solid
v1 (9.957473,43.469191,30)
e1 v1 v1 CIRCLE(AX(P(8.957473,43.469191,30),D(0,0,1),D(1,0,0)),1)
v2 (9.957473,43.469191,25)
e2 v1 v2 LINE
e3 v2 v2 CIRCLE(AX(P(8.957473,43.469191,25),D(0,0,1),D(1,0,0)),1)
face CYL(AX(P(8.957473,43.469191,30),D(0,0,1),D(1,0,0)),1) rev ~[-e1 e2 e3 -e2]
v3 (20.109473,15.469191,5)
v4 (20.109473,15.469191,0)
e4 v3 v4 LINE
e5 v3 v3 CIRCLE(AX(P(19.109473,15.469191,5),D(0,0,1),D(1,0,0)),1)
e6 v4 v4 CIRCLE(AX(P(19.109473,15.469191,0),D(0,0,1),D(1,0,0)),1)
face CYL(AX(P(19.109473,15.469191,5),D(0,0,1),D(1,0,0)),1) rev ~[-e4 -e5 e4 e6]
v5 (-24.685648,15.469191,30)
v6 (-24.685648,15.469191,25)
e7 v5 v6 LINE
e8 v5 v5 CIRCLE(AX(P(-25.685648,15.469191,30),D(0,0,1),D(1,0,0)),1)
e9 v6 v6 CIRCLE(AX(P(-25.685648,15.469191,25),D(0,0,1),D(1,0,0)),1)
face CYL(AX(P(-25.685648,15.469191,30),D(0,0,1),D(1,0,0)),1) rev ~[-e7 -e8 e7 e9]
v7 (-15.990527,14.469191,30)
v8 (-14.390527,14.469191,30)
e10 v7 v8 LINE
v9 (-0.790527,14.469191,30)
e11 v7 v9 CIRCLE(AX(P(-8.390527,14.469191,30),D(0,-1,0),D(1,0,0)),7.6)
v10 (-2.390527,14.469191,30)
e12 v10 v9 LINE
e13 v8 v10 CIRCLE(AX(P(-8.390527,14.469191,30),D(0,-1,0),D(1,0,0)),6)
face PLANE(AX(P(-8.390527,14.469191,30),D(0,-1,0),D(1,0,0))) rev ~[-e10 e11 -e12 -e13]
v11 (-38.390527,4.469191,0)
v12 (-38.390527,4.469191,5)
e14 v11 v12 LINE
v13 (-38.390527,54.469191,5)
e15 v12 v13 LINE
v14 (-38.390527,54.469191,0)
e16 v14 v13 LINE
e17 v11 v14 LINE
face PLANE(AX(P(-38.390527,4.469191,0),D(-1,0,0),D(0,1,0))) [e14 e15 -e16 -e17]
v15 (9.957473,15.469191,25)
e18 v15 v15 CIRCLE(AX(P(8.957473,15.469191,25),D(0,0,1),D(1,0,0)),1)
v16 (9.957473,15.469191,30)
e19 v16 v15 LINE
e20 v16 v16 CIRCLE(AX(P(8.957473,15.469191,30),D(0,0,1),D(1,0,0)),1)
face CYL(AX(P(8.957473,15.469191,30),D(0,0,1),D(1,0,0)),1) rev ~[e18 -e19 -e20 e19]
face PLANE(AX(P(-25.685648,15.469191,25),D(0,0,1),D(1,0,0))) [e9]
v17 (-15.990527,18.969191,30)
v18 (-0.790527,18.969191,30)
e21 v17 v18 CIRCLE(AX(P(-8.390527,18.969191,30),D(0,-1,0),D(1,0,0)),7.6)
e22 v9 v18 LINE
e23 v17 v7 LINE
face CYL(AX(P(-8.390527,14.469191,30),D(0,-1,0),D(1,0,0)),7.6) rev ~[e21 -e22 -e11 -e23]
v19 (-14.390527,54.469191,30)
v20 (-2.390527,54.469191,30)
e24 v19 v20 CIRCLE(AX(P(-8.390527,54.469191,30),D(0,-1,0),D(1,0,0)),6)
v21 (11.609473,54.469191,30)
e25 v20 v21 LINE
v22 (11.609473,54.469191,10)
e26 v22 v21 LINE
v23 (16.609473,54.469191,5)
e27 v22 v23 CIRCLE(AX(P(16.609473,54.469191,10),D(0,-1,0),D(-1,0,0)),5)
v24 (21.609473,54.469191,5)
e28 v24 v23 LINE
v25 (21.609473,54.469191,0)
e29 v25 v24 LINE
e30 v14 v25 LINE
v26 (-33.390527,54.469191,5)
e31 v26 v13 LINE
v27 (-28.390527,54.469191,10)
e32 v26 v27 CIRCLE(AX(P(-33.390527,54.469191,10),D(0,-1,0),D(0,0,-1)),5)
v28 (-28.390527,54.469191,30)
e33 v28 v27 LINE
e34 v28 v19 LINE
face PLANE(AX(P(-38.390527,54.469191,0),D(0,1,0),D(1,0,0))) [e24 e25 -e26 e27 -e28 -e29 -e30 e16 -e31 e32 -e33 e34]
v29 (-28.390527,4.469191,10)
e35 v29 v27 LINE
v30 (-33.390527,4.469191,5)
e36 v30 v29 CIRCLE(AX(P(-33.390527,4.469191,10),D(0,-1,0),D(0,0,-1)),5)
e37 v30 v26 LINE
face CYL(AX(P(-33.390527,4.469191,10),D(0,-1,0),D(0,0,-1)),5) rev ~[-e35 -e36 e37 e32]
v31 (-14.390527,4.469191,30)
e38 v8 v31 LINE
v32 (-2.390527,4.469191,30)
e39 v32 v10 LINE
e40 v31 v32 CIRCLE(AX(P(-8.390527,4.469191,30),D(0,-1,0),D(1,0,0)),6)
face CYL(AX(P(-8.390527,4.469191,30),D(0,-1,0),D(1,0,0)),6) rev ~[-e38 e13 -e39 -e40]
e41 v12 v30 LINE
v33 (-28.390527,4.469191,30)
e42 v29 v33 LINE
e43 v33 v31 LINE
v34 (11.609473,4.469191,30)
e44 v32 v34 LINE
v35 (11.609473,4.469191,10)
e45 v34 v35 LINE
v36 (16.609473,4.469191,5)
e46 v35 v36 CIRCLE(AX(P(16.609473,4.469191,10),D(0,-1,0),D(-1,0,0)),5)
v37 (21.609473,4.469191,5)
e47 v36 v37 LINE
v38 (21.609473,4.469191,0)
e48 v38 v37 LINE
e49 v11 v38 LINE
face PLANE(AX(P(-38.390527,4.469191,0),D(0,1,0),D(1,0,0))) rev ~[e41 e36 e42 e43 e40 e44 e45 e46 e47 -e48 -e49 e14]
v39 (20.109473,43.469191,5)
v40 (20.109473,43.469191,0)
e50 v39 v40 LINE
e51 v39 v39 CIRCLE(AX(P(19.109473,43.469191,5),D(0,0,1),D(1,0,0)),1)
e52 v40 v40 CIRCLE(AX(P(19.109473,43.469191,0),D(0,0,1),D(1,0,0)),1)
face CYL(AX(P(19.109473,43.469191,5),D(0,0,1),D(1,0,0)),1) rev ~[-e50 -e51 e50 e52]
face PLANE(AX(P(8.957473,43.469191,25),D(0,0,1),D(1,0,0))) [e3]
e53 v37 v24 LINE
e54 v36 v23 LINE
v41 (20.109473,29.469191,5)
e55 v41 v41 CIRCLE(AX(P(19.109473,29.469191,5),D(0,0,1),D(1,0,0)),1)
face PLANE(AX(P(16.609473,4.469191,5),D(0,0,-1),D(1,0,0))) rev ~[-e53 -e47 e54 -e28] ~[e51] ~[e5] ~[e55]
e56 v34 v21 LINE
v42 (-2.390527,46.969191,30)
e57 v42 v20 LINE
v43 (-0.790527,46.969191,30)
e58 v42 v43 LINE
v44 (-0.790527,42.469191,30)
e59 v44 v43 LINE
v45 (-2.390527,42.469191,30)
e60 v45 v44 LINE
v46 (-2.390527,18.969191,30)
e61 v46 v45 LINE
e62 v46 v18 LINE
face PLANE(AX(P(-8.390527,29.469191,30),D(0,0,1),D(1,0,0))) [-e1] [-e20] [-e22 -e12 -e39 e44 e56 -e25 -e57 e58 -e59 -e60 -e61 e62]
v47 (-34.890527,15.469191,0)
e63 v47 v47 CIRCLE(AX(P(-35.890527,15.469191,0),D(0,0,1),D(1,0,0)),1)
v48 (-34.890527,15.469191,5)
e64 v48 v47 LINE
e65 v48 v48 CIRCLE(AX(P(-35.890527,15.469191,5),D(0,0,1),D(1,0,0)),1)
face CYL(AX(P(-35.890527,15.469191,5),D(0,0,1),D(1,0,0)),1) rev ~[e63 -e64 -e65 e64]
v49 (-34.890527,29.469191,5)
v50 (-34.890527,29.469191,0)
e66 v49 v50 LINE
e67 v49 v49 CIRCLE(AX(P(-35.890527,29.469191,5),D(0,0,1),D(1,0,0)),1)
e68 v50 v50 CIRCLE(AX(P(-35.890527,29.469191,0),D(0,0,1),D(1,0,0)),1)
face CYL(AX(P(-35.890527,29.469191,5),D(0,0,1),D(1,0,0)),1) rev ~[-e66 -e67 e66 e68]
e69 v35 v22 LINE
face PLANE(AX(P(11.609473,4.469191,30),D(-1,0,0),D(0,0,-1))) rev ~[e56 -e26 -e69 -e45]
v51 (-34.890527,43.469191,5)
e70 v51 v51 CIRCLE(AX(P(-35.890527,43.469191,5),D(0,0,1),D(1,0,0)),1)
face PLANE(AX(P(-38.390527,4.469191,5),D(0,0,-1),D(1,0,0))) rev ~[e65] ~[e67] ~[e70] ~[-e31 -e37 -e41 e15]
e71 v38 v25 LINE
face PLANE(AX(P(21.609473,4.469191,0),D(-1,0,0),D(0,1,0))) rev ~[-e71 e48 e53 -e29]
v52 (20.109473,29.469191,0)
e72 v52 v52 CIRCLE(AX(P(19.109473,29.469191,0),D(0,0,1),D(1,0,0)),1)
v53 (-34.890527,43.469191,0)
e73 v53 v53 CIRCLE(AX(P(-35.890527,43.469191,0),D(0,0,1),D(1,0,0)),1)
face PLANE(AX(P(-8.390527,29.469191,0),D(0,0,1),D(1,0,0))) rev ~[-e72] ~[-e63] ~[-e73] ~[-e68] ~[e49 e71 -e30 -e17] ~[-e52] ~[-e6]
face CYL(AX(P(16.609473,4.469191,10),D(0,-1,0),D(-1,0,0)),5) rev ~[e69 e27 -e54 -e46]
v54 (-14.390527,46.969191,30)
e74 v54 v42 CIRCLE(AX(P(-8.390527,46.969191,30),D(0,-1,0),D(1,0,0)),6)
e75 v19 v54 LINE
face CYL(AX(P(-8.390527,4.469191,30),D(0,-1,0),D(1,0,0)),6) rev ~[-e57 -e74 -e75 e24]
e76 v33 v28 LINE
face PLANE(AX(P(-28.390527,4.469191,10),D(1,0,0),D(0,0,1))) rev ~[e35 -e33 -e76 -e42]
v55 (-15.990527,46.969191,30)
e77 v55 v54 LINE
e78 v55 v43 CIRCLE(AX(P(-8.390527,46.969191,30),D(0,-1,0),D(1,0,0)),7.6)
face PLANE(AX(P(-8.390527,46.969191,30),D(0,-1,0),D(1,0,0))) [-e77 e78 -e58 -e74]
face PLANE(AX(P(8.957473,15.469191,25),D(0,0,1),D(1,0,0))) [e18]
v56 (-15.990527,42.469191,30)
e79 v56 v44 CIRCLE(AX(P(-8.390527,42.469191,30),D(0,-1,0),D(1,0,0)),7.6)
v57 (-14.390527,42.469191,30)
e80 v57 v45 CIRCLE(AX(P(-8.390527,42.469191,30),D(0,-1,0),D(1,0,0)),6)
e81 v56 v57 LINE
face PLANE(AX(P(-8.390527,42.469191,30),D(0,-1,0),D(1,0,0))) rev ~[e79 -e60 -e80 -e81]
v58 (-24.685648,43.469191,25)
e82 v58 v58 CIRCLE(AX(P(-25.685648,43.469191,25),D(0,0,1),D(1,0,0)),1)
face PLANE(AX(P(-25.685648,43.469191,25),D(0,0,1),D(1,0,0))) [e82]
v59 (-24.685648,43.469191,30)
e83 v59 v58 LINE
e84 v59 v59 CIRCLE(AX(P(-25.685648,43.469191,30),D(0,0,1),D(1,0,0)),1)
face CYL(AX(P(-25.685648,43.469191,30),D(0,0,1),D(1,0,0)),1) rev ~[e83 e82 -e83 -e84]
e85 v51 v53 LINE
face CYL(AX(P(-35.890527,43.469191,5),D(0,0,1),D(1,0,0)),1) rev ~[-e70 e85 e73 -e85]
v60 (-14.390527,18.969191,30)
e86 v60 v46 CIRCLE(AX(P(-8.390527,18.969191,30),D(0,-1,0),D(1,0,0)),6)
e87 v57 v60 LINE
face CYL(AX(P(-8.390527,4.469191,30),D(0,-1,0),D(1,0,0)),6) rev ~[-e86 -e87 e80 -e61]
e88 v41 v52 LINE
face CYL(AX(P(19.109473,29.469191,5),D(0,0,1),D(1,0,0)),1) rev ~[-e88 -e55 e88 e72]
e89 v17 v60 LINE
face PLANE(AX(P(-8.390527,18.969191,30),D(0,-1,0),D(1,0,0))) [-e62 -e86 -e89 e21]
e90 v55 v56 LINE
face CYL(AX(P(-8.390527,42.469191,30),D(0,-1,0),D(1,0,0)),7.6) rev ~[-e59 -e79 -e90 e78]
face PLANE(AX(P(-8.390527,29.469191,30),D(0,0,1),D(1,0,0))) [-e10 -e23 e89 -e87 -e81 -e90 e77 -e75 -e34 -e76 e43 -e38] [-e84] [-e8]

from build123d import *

# Parameters (mm, degrees)
F0_W      = 60
F0_H      = 50
F1_DEPTH  = 30
F3_R      = 6
F4_DEPTH  = 90
F6_R      = 7.6
F7_DEPTH  = 4.5
F8_START  = -28
F8_DEPTH  = 4.5
F10_R     = 1
F11_DEPTH = 25
F12_R     = 1
F13_DEPTH = 5


with BuildPart() as f1:
    # F0 (on Top) → F1 (new body)
    with BuildSketch(Plane.XY):
        with Locations((-8.3905272186, 29.4691909945)):
            Rectangle(F0_W, F0_H)
    extrude(amount=F1_DEPTH)

    # F3 (on face) → F4 (cut)
    with BuildSketch(Plane.XZ.offset(-4.4691909945)):
        with Locations((-8.3905272186, 30)):
            Circle(F3_R)
        with BuildLine():
            Line((-28.3905272186, 10), (-28.3905272186, 30))
            Line((-28.3905272186, 30), (-38.3905272186, 30))
            Line((-38.3905272186, 30), (-38.3905272186, 5))
            Line((-38.3905272186, 5), (-33.3905272186, 5))
            ThreePointArc((-33.3905272186, 5), (-29.8549933126, 6.4644660941), (-28.3905272186, 10))
        make_face()
        with BuildLine():
            Line((21.6094727814, 5), (21.6094727814, 30))
            Line((21.6094727814, 30), (11.6094727814, 30))
            Line((11.6094727814, 30), (11.6094727814, 10))
            ThreePointArc((11.6094727814, 10), (13.0739388755, 6.4644660941), (16.6094727814, 5))
            Line((16.6094727814, 5), (21.6094727814, 5))
        make_face()
    extrude(amount=-F4_DEPTH, mode=Mode.SUBTRACT)

    # F6 (on offset) → F7 (cut)
    with BuildSketch(Plane.XZ.offset(-14.4691909945)):
        with Locations((-8.3905272186, 30)):
            Circle(F6_R)
    extrude(amount=-F7_DEPTH, mode=Mode.SUBTRACT)

    # F6 (on offset) → F8 (cut)
    with BuildSketch(Plane.XZ.offset(-14.4691909945).offset(F8_START)):
        with Locations((-8.3905272186, 30)):
            Circle(F6_R)
    extrude(amount=-F8_DEPTH, mode=Mode.SUBTRACT)

    # F10 (on face) → F11 (cut)
    with BuildSketch(Plane.XY.offset(5)):
        with Locations((19.1094727814, 15.4691909945)):
            Circle(F10_R)
        with Locations((19.1094727814, 43.4691909945)):
            Circle(F10_R)
        with Locations((19.1094727814, 29.4691909945)):
            Circle(F10_R)
        with Locations((-35.8905272186, 15.4691909945)):
            Circle(F10_R)
        with Locations((-35.8905272186, 29.4691909945)):
            Circle(F10_R)
        with Locations((-35.8905272186, 43.4691909945)):
            Circle(F10_R)
    extrude(amount=-F11_DEPTH, mode=Mode.SUBTRACT)

    # F12 (on face) → F13 (cut)
    with BuildSketch(Plane.XY.offset(30)):
        with Locations((8.9574727814, 43.4691909945)):
            Circle(F12_R)
        with Locations((8.9574727814, 15.4691909945)):
            Circle(F12_R)
        with Locations((-25.6856481384, 15.4691909945)):
            Circle(F12_R)
        with Locations((-25.6856481384, 43.4691909945)):
            Circle(F12_R)
    extrude(amount=-F13_DEPTH, mode=Mode.SUBTRACT)


solid = f1.part
